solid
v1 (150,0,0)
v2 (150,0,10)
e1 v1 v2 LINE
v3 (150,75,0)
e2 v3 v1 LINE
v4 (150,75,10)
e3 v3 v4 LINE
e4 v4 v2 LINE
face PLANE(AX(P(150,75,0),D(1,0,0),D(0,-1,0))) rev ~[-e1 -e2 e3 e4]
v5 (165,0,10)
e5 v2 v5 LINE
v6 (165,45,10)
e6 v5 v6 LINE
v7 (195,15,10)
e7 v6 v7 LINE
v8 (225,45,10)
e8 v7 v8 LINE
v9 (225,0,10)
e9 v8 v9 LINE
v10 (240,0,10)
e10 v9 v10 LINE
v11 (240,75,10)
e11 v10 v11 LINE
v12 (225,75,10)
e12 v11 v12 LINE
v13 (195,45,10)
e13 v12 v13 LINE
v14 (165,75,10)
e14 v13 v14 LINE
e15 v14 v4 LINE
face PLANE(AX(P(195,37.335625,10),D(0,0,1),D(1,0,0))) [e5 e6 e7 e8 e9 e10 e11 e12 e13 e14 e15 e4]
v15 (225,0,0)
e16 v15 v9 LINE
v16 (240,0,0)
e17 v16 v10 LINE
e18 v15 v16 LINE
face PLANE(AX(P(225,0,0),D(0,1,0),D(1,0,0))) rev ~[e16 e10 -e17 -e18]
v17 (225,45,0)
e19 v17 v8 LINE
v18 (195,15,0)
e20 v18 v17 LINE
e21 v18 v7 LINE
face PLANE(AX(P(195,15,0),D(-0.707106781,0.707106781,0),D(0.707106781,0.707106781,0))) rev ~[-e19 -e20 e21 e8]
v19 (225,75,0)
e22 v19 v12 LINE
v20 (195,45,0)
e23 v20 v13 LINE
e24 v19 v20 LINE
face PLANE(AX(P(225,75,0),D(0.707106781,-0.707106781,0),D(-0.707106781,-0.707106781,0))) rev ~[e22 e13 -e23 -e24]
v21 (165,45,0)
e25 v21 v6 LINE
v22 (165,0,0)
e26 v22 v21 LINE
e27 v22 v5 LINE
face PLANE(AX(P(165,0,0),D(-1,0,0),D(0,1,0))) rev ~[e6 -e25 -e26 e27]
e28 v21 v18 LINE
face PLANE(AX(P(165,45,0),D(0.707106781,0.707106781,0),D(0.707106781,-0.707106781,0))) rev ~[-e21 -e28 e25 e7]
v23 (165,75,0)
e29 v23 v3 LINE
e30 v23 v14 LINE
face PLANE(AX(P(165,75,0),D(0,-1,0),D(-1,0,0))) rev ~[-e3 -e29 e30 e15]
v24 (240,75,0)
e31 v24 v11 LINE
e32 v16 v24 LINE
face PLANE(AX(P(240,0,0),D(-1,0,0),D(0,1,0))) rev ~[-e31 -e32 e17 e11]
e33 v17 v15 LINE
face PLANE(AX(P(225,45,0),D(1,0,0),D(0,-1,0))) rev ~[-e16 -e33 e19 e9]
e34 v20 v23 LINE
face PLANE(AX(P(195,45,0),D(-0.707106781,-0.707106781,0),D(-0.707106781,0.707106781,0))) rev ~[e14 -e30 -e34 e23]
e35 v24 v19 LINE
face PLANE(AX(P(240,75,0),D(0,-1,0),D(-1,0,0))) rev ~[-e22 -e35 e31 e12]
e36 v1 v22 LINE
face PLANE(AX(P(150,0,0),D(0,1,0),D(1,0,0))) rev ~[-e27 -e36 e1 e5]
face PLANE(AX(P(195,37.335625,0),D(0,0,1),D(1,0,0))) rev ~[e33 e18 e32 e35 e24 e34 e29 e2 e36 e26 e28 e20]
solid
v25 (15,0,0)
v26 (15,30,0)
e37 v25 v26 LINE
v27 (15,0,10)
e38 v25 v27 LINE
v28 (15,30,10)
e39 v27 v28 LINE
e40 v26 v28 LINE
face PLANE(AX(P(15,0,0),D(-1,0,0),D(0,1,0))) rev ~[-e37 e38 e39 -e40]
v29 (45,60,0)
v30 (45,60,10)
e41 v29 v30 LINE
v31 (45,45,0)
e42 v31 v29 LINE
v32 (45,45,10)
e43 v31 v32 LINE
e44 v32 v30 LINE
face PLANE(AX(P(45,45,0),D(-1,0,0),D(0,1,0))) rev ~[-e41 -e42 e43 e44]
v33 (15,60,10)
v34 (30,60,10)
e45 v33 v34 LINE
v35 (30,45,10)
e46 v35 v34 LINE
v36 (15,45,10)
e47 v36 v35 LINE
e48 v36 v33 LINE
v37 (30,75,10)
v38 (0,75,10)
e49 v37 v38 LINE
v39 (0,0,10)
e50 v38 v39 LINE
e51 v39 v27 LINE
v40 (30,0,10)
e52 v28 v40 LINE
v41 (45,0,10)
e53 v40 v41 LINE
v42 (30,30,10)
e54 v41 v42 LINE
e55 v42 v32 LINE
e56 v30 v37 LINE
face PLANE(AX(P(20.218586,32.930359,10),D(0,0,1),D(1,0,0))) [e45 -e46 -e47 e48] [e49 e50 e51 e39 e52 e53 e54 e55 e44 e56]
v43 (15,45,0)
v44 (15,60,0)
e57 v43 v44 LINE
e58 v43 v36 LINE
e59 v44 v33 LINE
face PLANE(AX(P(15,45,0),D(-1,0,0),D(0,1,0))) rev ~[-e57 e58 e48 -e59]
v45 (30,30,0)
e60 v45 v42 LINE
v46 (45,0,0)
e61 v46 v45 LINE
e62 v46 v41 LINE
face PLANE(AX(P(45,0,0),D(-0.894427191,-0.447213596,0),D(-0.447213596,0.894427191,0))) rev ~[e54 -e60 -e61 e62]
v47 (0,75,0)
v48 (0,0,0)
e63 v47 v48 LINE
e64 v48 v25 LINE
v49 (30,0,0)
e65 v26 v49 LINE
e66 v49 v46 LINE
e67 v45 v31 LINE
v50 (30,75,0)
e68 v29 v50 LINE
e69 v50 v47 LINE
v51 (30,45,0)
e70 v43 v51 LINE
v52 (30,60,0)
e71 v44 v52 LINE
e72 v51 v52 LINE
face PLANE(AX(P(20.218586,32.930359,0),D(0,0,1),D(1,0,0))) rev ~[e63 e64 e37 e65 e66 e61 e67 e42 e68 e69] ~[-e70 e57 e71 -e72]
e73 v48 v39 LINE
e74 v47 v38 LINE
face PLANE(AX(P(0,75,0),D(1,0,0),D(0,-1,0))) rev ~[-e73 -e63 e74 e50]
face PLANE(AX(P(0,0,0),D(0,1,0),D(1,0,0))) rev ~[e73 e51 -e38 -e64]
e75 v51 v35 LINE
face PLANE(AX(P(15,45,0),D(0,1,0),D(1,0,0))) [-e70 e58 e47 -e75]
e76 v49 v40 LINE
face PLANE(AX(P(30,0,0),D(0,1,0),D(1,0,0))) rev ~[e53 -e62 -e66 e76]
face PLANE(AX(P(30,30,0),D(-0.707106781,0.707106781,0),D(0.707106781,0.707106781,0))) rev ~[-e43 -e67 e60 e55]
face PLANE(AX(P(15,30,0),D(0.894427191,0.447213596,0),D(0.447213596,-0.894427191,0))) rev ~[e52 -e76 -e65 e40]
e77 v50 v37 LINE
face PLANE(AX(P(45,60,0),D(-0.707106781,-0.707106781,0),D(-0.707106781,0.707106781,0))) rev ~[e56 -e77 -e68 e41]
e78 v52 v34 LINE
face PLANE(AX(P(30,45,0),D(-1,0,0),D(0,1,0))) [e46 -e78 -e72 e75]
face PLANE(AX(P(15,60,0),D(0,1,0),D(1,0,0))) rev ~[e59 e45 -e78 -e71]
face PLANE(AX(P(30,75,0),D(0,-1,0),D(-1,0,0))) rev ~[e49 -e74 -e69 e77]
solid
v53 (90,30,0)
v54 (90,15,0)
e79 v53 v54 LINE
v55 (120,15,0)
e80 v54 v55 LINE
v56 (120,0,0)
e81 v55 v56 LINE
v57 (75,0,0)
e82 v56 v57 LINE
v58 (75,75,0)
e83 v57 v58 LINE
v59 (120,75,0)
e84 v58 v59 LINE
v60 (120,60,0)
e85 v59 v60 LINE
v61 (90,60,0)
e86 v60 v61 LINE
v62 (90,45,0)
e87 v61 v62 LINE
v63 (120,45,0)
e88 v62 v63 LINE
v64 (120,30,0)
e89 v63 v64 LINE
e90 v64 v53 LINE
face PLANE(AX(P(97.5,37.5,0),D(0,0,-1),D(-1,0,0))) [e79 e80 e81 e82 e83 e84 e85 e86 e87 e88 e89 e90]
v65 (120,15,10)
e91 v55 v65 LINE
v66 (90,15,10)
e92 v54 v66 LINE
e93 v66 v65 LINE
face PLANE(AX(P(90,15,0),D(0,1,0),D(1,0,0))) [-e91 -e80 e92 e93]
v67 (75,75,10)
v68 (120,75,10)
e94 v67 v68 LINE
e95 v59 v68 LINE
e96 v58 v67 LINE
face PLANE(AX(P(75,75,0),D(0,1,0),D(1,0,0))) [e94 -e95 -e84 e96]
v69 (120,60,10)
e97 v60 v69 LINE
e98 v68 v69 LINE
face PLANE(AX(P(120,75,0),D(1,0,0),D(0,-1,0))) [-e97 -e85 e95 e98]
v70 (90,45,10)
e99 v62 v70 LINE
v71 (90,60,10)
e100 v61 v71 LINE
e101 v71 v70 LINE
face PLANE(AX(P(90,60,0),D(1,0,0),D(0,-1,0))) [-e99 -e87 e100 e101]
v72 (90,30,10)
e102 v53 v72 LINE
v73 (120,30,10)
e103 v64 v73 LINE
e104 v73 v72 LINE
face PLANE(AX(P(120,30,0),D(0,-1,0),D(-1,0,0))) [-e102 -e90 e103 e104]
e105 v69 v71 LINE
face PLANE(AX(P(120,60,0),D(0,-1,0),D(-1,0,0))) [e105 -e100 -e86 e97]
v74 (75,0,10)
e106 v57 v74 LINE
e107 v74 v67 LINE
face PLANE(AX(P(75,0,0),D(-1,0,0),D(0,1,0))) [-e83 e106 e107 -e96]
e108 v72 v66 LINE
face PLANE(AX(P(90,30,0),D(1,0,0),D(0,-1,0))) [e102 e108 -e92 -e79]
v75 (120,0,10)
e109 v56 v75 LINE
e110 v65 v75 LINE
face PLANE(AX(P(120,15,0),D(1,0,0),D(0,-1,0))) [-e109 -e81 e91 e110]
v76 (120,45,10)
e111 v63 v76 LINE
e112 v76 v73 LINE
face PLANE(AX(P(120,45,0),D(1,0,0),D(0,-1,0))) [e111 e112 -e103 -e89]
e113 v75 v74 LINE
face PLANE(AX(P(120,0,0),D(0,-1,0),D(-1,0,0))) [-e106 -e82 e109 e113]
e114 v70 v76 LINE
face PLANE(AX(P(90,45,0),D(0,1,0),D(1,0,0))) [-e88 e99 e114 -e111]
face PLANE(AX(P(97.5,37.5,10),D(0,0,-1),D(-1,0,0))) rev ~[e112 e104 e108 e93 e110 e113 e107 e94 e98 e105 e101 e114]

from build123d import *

# Parameters (mm, degrees)
SKETCH1_W        = 15
SKETCH1_H        = 15
EXTRUDE1_DEPTH   = 10
EXTRUDE1_2_DEPTH = 10
EXTRUDE1_3_DEPTH = 10


with BuildPart() as part:
    # Sketch1 → Extrude1 (new body)
    with BuildSketch(Plane.XY):
        Polygon((15, 0), (15, 30), (30, 0), (45, 0), (30, 30), (45, 45), (45, 60), (30, 75), (0, 75), (0, 0), align=None)
        with Locations((22.5, 52.5)):
            Rectangle(SKETCH1_W, SKETCH1_H, mode=Mode.SUBTRACT)
    extrude(amount=EXTRUDE1_DEPTH)


with BuildPart() as body_2:
    # Sketch1 → Extrude1 2 (new body)
    with BuildSketch(Plane.XY):
        Polygon((240, 0), (240, 75), (225, 75), (195, 45), (165, 75), (150, 75), (150, 0), (165, 0), (165, 45), (195, 15), (225, 45), (225, 0), align=None)
    extrude(amount=EXTRUDE1_2_DEPTH)


with BuildPart() as body_3:
    # Sketch1 → Extrude1 3 (new body)
    with BuildSketch(Plane.XY):
        Polygon((75, 0), (75, 75), (120, 75), (120, 60), (90, 60), (90, 45), (120, 45), (120, 30), (90, 30), (90, 15), (120, 15), (120, 0), align=None)
    extrude(amount=EXTRUDE1_3_DEPTH)


solid = Compound([part.part, body_2.part, body_3.part])
